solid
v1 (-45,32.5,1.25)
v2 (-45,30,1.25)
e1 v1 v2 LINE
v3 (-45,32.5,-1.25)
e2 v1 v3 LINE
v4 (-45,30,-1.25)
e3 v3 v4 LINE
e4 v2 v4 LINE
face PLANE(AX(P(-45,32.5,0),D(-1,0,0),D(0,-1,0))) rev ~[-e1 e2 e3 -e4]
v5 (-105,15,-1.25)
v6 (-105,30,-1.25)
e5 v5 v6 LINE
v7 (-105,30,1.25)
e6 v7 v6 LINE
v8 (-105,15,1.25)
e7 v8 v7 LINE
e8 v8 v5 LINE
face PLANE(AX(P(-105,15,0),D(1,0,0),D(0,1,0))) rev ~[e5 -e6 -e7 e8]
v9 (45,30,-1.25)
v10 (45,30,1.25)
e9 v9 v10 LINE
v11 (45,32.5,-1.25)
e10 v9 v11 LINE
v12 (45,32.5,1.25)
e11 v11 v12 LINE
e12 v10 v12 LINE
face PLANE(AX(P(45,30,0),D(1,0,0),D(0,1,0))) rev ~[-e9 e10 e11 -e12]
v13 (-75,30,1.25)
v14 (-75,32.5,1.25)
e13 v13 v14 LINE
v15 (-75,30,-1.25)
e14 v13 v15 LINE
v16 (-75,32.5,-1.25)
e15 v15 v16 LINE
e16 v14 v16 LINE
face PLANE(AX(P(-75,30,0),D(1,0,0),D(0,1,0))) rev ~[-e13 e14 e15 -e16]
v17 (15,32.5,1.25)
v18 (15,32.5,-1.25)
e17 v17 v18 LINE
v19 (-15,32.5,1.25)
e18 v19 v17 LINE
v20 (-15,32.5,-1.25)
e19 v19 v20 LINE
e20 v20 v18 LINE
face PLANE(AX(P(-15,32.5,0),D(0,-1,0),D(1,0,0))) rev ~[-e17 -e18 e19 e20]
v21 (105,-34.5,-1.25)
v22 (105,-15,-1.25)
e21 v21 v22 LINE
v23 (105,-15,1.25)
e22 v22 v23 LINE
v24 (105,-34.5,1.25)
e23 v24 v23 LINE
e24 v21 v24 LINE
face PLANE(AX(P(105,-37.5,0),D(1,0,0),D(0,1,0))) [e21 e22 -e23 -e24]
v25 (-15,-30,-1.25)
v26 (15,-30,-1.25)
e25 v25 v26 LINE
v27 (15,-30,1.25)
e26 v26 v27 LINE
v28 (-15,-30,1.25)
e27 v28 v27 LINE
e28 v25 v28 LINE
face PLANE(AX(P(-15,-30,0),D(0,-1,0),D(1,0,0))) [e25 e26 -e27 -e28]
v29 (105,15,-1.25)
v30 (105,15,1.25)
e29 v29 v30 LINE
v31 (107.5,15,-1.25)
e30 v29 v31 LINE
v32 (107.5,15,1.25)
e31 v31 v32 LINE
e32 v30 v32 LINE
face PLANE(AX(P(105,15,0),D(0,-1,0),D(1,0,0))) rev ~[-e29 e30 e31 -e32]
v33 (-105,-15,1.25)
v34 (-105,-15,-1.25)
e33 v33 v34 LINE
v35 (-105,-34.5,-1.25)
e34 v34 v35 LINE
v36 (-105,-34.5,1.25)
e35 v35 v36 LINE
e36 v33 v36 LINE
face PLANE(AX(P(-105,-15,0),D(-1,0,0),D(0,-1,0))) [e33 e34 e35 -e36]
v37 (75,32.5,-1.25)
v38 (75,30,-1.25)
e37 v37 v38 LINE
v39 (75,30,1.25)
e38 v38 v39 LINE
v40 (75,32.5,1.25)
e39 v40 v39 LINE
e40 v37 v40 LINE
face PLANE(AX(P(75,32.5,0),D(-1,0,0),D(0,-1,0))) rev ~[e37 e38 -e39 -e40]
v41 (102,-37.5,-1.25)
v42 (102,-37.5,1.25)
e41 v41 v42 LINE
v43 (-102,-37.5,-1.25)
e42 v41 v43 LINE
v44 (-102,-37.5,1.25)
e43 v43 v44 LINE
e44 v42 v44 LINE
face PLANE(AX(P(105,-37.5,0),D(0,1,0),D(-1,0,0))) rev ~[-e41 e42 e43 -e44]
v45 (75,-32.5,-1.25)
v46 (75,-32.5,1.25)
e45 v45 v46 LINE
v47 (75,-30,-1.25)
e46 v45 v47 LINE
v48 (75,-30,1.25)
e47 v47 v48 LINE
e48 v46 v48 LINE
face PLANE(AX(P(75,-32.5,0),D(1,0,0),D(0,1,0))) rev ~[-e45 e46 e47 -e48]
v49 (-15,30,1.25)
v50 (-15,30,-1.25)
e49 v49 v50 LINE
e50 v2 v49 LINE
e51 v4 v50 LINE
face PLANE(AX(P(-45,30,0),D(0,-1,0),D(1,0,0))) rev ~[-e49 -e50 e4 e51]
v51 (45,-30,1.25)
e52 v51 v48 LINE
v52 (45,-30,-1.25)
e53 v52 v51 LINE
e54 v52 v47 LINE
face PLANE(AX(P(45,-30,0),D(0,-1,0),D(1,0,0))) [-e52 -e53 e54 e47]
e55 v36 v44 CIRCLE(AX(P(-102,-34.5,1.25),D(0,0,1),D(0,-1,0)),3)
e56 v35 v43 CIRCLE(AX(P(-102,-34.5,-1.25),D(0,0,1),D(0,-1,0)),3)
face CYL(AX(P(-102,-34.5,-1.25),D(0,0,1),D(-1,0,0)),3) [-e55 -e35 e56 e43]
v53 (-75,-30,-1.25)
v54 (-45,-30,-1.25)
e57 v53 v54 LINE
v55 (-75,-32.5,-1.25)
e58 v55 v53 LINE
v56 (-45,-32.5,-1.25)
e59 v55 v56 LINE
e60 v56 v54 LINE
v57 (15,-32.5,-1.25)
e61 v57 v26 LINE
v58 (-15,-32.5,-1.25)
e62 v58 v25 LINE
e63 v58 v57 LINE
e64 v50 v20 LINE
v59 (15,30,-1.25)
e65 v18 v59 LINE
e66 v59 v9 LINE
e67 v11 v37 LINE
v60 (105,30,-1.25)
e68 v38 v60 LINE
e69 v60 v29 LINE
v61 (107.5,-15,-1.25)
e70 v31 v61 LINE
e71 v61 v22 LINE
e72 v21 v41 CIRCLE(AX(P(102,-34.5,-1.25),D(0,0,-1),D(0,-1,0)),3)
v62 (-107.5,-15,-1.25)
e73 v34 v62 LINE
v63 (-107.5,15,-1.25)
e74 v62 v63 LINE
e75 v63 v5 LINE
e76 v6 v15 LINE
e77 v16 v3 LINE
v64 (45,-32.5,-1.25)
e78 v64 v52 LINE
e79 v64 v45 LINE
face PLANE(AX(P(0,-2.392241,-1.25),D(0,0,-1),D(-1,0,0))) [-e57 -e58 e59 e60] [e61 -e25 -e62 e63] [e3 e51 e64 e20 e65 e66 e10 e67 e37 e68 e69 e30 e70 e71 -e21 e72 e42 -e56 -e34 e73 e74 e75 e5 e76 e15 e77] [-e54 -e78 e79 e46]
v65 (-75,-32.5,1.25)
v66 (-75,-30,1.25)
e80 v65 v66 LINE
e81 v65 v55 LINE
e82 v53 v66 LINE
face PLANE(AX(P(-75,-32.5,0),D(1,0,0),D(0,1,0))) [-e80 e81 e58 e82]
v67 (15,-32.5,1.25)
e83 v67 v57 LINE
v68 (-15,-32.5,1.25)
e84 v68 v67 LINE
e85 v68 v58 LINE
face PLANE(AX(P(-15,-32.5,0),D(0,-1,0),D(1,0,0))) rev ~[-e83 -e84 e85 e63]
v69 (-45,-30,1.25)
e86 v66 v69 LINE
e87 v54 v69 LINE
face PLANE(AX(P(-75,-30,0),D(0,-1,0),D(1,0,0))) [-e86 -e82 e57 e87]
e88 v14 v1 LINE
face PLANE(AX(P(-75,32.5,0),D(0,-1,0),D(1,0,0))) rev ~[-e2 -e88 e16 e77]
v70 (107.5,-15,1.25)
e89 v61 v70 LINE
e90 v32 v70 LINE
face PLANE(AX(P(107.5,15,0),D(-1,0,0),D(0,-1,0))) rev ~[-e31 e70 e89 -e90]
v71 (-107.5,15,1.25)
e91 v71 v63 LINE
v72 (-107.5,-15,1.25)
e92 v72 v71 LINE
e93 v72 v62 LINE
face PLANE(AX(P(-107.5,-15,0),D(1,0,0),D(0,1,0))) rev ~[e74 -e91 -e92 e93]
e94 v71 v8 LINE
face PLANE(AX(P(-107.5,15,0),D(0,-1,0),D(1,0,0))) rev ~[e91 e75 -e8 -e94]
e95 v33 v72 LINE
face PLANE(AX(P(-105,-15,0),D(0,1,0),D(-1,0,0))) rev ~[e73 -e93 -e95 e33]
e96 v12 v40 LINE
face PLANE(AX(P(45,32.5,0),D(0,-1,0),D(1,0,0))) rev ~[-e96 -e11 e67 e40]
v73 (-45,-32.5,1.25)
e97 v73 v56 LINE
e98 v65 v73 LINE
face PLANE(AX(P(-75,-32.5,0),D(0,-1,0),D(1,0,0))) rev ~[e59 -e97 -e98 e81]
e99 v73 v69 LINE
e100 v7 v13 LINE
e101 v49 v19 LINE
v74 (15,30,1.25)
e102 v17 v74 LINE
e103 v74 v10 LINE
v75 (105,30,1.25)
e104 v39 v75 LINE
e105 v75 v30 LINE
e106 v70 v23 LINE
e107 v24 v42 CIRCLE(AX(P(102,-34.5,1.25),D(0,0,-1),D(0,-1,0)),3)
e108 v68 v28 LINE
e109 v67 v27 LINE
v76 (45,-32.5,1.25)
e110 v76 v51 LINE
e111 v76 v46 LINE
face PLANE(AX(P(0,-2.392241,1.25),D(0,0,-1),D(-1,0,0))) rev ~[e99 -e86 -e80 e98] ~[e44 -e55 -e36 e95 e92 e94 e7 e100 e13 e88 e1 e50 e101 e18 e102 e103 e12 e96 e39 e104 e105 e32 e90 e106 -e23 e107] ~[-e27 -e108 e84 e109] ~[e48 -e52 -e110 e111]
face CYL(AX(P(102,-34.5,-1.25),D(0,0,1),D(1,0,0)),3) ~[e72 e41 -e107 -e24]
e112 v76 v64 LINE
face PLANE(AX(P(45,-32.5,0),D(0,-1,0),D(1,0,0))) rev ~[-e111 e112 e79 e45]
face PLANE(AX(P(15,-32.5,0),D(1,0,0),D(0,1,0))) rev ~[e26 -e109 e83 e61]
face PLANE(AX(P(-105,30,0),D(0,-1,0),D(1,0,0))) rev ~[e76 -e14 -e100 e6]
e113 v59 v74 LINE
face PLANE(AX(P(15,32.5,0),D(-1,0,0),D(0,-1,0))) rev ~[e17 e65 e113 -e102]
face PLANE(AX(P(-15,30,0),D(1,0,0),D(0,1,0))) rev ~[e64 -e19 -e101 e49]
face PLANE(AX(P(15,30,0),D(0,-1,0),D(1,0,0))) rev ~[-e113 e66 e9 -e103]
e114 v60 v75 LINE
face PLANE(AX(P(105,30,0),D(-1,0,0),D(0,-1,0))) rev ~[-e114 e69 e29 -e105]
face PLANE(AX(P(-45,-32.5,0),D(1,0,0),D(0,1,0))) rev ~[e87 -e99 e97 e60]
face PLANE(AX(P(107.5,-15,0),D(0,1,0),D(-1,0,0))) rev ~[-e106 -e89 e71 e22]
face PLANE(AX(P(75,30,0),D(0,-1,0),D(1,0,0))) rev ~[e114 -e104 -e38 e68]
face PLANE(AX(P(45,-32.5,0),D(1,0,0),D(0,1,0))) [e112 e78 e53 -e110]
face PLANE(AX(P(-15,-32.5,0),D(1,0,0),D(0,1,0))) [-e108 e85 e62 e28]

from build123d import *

# Parameters (mm, degrees)
SKETCH1_W           = 30
SKETCH1_H           = 2.5
BOSS_EXTRUDE1_DEPTH = 1.25
FILLET1_R           = 3


with BuildPart() as part:
    # Sketch1 → Boss-Extrude1 (new, symmetric)
    with BuildSketch(Plane.XY):
        Polygon((-105, -37.5), (-105, -30), (-105, -15), (-107.5, -15), (-107.5, 15), (-105, 15), (-105, 30), (-75, 30), (-75, 32.5), (-45, 32.5), (-45, 30), (-15, 30), (-15, 32.5), (15, 32.5), (15, 30), (45, 30), (45, 32.5), (75, 32.5), (75, 30), (105, 30), (105, 15), (107.5, 15), (107.5, -15), (105, -15), (105, -30), (105, -37.5), align=None)
        with Locations((-60, -31.25)):
            Rectangle(SKETCH1_W, SKETCH1_H, mode=Mode.SUBTRACT)
        with Locations((0, -31.25)):
            Rectangle(SKETCH1_W, SKETCH1_H, mode=Mode.SUBTRACT)
        with Locations((60, -31.25)):
            Rectangle(SKETCH1_W, SKETCH1_H, mode=Mode.SUBTRACT)
    extrude(amount=BOSS_EXTRUDE1_DEPTH, both=True)

    # Fillet1
    fillet1_edges = [part.edges().sort_by_distance(p)[0] for p in [
        (105, -37.5, 0),
        (-105, -37.5, 0),
    ]]
    fillet(fillet1_edges, radius=FILLET1_R)


solid = part.part
